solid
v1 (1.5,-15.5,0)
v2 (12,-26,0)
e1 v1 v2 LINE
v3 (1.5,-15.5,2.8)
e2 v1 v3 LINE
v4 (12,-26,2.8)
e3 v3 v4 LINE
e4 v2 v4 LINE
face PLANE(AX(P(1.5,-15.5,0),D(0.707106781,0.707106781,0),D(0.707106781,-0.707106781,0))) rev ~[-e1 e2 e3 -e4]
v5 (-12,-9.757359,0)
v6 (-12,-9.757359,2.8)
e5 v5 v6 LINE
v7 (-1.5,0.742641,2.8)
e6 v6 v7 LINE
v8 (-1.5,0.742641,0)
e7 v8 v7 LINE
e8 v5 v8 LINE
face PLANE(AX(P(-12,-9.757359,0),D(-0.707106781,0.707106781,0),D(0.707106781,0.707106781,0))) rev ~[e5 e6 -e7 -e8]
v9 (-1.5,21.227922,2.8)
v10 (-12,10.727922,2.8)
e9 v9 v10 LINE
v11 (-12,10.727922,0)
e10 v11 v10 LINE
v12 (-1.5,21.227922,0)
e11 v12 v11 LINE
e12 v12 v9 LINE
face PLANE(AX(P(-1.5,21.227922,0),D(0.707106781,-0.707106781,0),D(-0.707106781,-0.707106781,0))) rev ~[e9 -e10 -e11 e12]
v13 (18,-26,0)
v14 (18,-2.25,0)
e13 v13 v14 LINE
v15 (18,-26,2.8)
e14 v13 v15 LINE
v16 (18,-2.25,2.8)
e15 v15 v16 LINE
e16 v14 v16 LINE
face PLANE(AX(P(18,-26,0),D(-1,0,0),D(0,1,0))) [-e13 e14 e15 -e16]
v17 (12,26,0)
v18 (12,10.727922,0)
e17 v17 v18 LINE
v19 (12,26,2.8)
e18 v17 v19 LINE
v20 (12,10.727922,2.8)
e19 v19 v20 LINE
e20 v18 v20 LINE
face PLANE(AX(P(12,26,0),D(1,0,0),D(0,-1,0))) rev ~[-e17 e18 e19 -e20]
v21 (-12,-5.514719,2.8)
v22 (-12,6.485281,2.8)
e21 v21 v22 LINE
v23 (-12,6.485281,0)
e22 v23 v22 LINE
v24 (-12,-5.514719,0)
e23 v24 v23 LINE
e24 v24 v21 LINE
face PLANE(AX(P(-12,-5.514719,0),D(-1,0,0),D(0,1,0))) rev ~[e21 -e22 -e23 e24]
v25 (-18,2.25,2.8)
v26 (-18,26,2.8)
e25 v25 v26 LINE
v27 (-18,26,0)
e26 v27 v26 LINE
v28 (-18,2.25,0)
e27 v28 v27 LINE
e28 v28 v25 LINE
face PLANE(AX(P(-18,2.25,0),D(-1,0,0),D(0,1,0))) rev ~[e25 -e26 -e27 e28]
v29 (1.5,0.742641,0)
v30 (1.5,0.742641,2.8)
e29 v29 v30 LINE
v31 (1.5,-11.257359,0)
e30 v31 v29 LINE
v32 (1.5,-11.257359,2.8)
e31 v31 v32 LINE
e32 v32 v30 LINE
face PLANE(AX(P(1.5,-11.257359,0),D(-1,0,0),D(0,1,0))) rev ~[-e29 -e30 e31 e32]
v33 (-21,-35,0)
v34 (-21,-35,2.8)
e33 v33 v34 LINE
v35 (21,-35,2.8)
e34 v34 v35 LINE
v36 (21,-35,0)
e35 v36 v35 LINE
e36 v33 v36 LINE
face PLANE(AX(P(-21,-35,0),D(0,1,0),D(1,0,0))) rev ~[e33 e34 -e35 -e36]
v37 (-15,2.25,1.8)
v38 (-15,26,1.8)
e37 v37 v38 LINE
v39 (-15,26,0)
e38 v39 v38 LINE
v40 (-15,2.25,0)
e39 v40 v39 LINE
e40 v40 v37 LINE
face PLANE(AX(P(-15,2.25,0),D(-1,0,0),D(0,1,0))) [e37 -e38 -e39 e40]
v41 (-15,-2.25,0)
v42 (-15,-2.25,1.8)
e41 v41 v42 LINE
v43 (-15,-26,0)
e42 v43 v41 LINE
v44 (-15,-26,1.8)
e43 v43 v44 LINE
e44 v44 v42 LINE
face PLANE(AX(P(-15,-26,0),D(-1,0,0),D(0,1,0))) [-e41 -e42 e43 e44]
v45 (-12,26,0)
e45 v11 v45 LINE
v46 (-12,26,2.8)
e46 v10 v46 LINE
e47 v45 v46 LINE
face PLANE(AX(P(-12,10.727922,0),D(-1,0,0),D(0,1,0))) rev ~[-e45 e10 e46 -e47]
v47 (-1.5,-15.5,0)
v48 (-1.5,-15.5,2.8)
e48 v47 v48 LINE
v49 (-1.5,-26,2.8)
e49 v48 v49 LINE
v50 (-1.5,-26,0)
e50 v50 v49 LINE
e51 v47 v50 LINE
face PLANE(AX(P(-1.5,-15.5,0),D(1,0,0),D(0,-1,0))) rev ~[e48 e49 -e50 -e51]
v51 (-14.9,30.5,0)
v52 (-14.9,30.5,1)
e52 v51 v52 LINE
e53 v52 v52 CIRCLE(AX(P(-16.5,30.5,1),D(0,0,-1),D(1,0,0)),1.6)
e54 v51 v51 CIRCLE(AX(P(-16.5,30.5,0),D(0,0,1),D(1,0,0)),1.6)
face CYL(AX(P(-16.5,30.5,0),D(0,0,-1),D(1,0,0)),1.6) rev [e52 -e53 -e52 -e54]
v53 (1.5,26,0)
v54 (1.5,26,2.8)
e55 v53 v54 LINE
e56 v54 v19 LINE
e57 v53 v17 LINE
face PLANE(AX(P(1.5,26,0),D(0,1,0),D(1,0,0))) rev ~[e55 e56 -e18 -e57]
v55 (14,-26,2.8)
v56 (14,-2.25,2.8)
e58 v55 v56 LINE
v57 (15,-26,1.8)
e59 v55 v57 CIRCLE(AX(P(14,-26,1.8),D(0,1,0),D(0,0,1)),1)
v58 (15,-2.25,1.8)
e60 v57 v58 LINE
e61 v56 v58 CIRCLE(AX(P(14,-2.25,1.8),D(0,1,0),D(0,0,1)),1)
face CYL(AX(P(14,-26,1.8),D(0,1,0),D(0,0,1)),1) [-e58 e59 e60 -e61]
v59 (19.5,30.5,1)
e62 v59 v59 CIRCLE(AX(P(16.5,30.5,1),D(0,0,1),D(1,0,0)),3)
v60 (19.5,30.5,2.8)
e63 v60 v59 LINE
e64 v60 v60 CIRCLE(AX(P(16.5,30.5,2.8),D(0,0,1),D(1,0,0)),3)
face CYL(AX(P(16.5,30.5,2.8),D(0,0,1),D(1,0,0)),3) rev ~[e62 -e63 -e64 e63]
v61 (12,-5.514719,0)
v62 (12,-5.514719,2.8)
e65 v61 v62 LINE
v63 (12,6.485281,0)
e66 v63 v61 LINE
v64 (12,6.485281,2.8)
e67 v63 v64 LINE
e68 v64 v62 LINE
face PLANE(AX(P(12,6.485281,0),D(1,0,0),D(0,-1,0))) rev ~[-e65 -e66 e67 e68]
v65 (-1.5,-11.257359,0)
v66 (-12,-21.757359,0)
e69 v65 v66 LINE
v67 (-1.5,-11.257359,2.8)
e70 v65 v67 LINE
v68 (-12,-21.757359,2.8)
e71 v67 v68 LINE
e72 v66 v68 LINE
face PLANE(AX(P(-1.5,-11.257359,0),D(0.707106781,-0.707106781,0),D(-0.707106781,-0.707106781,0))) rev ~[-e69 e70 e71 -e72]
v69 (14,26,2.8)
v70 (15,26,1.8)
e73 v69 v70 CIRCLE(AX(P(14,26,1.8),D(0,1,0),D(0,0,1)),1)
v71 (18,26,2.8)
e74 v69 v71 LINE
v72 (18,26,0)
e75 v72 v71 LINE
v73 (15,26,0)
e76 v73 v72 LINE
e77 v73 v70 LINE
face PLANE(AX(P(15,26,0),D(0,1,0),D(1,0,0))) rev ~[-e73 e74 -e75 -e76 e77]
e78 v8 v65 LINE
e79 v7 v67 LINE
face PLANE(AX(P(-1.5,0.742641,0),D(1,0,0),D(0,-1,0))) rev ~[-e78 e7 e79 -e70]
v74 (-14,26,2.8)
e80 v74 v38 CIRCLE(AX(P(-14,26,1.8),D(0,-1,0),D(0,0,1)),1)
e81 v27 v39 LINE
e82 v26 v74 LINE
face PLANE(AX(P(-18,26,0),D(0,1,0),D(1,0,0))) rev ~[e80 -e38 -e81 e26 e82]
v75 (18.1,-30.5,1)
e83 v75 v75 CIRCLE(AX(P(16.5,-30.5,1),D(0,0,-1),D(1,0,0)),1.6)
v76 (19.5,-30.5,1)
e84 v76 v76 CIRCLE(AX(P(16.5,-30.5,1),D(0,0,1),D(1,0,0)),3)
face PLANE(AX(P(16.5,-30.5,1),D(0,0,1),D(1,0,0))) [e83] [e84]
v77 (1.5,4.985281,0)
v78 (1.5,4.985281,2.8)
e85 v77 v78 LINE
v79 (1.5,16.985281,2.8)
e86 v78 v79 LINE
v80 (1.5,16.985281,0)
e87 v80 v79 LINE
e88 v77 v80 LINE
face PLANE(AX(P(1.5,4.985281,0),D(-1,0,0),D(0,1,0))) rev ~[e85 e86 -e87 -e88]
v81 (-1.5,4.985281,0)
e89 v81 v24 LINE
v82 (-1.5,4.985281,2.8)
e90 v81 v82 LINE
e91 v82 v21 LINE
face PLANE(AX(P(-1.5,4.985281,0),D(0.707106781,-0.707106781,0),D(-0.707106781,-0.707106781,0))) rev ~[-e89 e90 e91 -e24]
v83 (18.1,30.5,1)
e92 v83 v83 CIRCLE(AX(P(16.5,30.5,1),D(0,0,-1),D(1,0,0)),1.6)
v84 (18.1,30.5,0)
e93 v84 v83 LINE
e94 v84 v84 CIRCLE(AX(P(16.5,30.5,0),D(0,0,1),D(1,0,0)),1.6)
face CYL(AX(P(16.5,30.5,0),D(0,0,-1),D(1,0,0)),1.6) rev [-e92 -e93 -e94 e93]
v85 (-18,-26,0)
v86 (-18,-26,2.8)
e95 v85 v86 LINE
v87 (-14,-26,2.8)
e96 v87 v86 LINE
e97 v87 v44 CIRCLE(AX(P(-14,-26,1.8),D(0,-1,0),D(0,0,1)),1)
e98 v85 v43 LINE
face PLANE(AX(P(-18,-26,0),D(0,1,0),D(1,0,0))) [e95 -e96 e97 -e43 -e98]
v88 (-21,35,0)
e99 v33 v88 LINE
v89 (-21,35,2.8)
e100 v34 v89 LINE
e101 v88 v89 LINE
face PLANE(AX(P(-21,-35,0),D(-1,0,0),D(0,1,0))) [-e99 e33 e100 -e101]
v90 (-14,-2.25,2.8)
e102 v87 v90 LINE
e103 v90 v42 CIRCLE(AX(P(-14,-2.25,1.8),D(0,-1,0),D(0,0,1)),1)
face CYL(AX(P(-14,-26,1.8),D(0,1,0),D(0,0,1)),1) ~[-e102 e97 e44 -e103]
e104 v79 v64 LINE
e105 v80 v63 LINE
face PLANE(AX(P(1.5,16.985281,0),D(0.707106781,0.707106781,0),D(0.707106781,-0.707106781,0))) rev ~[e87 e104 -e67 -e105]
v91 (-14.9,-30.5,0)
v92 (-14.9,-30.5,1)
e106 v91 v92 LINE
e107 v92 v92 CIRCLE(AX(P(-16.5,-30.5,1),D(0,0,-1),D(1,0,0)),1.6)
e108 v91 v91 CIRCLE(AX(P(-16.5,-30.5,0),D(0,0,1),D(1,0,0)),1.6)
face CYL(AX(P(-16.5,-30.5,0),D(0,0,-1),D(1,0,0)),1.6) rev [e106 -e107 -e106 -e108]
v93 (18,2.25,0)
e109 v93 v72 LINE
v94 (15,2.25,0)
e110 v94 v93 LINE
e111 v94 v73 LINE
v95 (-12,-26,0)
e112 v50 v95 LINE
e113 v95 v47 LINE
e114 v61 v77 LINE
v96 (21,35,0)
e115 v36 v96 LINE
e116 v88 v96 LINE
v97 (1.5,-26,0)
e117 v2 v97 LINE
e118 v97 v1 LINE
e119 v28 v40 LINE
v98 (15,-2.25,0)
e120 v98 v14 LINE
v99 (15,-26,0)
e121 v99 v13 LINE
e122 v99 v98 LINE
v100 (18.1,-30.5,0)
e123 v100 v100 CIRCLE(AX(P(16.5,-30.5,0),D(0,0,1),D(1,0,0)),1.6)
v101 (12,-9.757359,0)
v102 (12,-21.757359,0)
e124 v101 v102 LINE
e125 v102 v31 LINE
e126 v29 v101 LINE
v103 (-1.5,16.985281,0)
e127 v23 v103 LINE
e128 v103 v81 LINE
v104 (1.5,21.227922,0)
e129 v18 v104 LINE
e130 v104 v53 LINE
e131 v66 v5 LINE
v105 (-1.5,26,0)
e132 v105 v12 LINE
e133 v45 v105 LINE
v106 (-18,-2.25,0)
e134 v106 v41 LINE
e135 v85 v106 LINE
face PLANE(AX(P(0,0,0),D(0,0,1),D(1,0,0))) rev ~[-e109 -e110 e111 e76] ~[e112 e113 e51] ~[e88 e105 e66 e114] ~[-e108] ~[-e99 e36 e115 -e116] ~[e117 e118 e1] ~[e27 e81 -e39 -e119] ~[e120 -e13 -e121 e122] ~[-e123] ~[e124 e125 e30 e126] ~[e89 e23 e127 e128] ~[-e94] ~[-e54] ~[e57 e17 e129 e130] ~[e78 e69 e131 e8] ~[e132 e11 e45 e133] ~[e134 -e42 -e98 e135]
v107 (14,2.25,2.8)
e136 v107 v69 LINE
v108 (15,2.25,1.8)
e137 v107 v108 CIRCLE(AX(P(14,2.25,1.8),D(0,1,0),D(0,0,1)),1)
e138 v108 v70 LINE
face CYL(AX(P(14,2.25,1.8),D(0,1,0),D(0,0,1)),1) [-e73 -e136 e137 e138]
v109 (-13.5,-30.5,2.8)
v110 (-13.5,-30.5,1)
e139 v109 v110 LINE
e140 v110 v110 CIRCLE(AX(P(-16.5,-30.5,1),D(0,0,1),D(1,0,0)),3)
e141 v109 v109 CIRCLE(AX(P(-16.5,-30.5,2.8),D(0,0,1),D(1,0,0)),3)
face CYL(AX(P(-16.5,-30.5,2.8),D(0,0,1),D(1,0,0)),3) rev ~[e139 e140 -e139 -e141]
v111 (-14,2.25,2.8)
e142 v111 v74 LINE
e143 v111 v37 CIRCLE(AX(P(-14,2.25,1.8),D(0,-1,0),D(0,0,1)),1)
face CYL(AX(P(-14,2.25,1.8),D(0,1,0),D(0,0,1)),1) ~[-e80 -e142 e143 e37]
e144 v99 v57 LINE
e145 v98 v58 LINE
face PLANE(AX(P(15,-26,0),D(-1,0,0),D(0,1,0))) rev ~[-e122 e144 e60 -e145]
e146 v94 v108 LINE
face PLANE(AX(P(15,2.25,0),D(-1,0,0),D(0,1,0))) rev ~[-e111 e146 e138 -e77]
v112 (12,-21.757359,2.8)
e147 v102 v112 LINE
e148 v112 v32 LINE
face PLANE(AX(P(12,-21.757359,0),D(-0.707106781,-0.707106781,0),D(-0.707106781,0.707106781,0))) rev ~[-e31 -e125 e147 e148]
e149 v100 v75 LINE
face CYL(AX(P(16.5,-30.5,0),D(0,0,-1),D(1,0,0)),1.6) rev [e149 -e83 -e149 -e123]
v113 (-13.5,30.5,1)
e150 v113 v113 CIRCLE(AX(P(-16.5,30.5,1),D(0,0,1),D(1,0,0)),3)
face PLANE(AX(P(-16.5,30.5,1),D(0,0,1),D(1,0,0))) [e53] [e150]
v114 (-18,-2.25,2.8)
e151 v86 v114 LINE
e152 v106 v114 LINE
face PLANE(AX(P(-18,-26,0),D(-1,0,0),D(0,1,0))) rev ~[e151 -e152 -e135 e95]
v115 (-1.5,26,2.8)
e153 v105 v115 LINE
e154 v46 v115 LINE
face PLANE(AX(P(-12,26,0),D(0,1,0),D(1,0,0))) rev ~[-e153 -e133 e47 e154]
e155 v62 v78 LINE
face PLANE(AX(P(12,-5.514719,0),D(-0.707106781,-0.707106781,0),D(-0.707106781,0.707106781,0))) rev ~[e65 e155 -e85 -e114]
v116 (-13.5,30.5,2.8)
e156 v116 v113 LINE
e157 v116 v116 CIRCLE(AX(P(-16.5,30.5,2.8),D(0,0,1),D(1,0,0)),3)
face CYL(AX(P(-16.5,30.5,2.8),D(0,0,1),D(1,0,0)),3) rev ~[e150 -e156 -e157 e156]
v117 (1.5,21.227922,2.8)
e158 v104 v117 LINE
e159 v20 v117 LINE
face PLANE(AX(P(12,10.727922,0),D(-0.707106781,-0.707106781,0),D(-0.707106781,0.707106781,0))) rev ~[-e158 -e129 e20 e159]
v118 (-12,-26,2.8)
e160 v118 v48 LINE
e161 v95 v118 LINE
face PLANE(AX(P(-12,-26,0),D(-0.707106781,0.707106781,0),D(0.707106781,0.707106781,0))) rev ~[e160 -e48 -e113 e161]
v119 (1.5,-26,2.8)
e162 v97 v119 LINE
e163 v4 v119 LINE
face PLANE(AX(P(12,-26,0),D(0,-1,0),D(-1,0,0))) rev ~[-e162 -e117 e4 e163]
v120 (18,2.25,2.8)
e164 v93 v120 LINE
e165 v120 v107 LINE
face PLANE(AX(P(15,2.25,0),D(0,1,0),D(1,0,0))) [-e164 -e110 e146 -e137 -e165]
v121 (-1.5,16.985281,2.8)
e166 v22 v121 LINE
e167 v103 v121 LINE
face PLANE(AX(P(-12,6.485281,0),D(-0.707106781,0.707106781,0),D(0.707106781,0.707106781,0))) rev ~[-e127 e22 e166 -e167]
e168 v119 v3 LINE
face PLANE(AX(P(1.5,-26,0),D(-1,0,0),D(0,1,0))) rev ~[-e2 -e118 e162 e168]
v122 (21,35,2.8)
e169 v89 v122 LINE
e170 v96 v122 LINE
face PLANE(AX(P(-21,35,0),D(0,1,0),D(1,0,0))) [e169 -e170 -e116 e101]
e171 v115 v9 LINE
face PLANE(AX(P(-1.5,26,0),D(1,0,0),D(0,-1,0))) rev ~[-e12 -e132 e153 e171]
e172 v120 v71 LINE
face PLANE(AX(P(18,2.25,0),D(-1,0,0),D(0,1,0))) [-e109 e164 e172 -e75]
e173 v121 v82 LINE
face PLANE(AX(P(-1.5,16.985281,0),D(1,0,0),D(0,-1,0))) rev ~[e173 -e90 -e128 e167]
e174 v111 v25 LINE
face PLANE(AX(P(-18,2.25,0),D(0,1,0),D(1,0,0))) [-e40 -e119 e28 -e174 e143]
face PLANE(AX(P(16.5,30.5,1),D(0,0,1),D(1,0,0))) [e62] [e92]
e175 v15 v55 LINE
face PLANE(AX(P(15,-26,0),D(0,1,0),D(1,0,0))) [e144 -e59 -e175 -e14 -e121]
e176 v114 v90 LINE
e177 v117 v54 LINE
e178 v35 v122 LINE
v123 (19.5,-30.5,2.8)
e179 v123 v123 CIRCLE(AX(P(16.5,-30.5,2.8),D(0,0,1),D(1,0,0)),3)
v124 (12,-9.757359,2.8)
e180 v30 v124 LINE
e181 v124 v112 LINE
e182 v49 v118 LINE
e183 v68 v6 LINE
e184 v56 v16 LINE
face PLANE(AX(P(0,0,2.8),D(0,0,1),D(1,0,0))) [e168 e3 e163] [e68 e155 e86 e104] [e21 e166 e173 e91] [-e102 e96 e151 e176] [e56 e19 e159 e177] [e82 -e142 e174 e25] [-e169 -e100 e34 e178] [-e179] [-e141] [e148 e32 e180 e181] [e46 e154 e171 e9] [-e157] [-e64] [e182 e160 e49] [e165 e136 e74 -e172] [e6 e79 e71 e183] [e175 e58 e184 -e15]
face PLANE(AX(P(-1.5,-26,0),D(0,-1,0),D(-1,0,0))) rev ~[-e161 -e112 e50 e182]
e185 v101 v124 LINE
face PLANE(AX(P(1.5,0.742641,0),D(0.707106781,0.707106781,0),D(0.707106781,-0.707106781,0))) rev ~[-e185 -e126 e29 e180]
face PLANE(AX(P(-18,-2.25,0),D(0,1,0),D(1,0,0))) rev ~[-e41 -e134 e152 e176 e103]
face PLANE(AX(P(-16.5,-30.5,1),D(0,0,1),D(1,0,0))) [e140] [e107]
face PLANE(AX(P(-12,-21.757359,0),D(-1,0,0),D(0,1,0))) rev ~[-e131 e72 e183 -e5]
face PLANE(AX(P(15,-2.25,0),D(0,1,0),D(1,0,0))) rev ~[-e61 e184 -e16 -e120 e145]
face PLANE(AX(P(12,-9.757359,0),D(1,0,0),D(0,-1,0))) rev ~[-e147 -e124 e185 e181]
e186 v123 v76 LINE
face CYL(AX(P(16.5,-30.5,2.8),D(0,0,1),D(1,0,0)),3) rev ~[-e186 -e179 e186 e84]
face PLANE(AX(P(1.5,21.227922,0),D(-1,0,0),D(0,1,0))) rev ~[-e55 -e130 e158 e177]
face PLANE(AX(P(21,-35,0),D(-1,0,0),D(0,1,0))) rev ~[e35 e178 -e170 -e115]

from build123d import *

# Parameters (mm, degrees)
F1_W     = 42
F1_H     = 70
F1_R     = 1.6
F1_W_2   = 3
F1_H_2   = 23.75
F2_DEPTH = 2.8
F3_R     = 3
F4_DEPTH = 1.8
F5_R     = 1


with BuildPart() as f2:
    # F1 (on face) → F2 (new body)
    with BuildSketch(Plane.XY):
        Rectangle(F1_W, F1_H)
        with Locations((-16.5, -30.5)):
            Circle(F1_R, mode=Mode.SUBTRACT)
        Polygon((-12, -26), (-1.5, -15.5), (-1.5, -26), align=None, mode=Mode.SUBTRACT)
        with Locations((-16.5, -14.125)):
            Rectangle(F1_W_2, F1_H_2, mode=Mode.SUBTRACT)
        Polygon((-1.5, 0.742641), (-1.5, -11.257359), (-12, -21.757359), (-12, -9.757359), align=None, mode=Mode.SUBTRACT)
        Polygon((1.5, -26), (1.5, -15.5), (12, -26), align=None, mode=Mode.SUBTRACT)
        with Locations((16.5, -30.5)):
            Circle(F1_R, mode=Mode.SUBTRACT)
        Polygon((12, -21.757359), (1.5, -11.257359), (1.5, 0.742641), (12, -9.757359), align=None, mode=Mode.SUBTRACT)
        with Locations((16.5, -14.125)):
            Rectangle(F1_W_2, F1_H_2, mode=Mode.SUBTRACT)
        with Locations((-16.5, 14.125)):
            Rectangle(F1_W_2, F1_H_2, mode=Mode.SUBTRACT)
        Polygon((-1.5, 16.985281), (-1.5, 4.985281), (-12, -5.514719), (-12, 6.485281), align=None, mode=Mode.SUBTRACT)
        with Locations((-16.5, 30.5)):
            Circle(F1_R, mode=Mode.SUBTRACT)
        Polygon((-12, 10.727922), (-12, 26), (-1.5, 26), (-1.5, 21.227922), align=None, mode=Mode.SUBTRACT)
        Polygon((12, -5.514719), (1.5, 4.985281), (1.5, 16.985281), (12, 6.485281), align=None, mode=Mode.SUBTRACT)
        with Locations((16.5, 14.125)):
            Rectangle(F1_W_2, F1_H_2, mode=Mode.SUBTRACT)
        Polygon((1.5, 26), (12, 26), (12, 10.727922), (1.5, 21.227922), align=None, mode=Mode.SUBTRACT)
        with Locations((16.5, 30.5)):
            Circle(F1_R, mode=Mode.SUBTRACT)
    extrude(amount=F2_DEPTH)

    # F3 (on face) → F4 (cut)
    with BuildSketch(Plane.XY.offset(2.8)):
        with Locations((-16.5, -30.5)):
            Circle(F3_R)
        with Locations((16.5, -30.5)):
            Circle(F3_R)
        with Locations((-16.5, 30.5)):
            Circle(F3_R)
        with Locations((16.5, 30.5)):
            Circle(F3_R)
    extrude(amount=-F4_DEPTH, mode=Mode.SUBTRACT)

    # F5
    f5_edges = [f2.edges().sort_by_distance(p)[0] for p in [
        (-15, 14.125, 2.8),
        (15, 14.125, 2.8),
        (-15, -14.125, 2.8),
        (15, -14.125, 2.8),
    ]]
    fillet(f5_edges, radius=F5_R)


solid = f2.part
